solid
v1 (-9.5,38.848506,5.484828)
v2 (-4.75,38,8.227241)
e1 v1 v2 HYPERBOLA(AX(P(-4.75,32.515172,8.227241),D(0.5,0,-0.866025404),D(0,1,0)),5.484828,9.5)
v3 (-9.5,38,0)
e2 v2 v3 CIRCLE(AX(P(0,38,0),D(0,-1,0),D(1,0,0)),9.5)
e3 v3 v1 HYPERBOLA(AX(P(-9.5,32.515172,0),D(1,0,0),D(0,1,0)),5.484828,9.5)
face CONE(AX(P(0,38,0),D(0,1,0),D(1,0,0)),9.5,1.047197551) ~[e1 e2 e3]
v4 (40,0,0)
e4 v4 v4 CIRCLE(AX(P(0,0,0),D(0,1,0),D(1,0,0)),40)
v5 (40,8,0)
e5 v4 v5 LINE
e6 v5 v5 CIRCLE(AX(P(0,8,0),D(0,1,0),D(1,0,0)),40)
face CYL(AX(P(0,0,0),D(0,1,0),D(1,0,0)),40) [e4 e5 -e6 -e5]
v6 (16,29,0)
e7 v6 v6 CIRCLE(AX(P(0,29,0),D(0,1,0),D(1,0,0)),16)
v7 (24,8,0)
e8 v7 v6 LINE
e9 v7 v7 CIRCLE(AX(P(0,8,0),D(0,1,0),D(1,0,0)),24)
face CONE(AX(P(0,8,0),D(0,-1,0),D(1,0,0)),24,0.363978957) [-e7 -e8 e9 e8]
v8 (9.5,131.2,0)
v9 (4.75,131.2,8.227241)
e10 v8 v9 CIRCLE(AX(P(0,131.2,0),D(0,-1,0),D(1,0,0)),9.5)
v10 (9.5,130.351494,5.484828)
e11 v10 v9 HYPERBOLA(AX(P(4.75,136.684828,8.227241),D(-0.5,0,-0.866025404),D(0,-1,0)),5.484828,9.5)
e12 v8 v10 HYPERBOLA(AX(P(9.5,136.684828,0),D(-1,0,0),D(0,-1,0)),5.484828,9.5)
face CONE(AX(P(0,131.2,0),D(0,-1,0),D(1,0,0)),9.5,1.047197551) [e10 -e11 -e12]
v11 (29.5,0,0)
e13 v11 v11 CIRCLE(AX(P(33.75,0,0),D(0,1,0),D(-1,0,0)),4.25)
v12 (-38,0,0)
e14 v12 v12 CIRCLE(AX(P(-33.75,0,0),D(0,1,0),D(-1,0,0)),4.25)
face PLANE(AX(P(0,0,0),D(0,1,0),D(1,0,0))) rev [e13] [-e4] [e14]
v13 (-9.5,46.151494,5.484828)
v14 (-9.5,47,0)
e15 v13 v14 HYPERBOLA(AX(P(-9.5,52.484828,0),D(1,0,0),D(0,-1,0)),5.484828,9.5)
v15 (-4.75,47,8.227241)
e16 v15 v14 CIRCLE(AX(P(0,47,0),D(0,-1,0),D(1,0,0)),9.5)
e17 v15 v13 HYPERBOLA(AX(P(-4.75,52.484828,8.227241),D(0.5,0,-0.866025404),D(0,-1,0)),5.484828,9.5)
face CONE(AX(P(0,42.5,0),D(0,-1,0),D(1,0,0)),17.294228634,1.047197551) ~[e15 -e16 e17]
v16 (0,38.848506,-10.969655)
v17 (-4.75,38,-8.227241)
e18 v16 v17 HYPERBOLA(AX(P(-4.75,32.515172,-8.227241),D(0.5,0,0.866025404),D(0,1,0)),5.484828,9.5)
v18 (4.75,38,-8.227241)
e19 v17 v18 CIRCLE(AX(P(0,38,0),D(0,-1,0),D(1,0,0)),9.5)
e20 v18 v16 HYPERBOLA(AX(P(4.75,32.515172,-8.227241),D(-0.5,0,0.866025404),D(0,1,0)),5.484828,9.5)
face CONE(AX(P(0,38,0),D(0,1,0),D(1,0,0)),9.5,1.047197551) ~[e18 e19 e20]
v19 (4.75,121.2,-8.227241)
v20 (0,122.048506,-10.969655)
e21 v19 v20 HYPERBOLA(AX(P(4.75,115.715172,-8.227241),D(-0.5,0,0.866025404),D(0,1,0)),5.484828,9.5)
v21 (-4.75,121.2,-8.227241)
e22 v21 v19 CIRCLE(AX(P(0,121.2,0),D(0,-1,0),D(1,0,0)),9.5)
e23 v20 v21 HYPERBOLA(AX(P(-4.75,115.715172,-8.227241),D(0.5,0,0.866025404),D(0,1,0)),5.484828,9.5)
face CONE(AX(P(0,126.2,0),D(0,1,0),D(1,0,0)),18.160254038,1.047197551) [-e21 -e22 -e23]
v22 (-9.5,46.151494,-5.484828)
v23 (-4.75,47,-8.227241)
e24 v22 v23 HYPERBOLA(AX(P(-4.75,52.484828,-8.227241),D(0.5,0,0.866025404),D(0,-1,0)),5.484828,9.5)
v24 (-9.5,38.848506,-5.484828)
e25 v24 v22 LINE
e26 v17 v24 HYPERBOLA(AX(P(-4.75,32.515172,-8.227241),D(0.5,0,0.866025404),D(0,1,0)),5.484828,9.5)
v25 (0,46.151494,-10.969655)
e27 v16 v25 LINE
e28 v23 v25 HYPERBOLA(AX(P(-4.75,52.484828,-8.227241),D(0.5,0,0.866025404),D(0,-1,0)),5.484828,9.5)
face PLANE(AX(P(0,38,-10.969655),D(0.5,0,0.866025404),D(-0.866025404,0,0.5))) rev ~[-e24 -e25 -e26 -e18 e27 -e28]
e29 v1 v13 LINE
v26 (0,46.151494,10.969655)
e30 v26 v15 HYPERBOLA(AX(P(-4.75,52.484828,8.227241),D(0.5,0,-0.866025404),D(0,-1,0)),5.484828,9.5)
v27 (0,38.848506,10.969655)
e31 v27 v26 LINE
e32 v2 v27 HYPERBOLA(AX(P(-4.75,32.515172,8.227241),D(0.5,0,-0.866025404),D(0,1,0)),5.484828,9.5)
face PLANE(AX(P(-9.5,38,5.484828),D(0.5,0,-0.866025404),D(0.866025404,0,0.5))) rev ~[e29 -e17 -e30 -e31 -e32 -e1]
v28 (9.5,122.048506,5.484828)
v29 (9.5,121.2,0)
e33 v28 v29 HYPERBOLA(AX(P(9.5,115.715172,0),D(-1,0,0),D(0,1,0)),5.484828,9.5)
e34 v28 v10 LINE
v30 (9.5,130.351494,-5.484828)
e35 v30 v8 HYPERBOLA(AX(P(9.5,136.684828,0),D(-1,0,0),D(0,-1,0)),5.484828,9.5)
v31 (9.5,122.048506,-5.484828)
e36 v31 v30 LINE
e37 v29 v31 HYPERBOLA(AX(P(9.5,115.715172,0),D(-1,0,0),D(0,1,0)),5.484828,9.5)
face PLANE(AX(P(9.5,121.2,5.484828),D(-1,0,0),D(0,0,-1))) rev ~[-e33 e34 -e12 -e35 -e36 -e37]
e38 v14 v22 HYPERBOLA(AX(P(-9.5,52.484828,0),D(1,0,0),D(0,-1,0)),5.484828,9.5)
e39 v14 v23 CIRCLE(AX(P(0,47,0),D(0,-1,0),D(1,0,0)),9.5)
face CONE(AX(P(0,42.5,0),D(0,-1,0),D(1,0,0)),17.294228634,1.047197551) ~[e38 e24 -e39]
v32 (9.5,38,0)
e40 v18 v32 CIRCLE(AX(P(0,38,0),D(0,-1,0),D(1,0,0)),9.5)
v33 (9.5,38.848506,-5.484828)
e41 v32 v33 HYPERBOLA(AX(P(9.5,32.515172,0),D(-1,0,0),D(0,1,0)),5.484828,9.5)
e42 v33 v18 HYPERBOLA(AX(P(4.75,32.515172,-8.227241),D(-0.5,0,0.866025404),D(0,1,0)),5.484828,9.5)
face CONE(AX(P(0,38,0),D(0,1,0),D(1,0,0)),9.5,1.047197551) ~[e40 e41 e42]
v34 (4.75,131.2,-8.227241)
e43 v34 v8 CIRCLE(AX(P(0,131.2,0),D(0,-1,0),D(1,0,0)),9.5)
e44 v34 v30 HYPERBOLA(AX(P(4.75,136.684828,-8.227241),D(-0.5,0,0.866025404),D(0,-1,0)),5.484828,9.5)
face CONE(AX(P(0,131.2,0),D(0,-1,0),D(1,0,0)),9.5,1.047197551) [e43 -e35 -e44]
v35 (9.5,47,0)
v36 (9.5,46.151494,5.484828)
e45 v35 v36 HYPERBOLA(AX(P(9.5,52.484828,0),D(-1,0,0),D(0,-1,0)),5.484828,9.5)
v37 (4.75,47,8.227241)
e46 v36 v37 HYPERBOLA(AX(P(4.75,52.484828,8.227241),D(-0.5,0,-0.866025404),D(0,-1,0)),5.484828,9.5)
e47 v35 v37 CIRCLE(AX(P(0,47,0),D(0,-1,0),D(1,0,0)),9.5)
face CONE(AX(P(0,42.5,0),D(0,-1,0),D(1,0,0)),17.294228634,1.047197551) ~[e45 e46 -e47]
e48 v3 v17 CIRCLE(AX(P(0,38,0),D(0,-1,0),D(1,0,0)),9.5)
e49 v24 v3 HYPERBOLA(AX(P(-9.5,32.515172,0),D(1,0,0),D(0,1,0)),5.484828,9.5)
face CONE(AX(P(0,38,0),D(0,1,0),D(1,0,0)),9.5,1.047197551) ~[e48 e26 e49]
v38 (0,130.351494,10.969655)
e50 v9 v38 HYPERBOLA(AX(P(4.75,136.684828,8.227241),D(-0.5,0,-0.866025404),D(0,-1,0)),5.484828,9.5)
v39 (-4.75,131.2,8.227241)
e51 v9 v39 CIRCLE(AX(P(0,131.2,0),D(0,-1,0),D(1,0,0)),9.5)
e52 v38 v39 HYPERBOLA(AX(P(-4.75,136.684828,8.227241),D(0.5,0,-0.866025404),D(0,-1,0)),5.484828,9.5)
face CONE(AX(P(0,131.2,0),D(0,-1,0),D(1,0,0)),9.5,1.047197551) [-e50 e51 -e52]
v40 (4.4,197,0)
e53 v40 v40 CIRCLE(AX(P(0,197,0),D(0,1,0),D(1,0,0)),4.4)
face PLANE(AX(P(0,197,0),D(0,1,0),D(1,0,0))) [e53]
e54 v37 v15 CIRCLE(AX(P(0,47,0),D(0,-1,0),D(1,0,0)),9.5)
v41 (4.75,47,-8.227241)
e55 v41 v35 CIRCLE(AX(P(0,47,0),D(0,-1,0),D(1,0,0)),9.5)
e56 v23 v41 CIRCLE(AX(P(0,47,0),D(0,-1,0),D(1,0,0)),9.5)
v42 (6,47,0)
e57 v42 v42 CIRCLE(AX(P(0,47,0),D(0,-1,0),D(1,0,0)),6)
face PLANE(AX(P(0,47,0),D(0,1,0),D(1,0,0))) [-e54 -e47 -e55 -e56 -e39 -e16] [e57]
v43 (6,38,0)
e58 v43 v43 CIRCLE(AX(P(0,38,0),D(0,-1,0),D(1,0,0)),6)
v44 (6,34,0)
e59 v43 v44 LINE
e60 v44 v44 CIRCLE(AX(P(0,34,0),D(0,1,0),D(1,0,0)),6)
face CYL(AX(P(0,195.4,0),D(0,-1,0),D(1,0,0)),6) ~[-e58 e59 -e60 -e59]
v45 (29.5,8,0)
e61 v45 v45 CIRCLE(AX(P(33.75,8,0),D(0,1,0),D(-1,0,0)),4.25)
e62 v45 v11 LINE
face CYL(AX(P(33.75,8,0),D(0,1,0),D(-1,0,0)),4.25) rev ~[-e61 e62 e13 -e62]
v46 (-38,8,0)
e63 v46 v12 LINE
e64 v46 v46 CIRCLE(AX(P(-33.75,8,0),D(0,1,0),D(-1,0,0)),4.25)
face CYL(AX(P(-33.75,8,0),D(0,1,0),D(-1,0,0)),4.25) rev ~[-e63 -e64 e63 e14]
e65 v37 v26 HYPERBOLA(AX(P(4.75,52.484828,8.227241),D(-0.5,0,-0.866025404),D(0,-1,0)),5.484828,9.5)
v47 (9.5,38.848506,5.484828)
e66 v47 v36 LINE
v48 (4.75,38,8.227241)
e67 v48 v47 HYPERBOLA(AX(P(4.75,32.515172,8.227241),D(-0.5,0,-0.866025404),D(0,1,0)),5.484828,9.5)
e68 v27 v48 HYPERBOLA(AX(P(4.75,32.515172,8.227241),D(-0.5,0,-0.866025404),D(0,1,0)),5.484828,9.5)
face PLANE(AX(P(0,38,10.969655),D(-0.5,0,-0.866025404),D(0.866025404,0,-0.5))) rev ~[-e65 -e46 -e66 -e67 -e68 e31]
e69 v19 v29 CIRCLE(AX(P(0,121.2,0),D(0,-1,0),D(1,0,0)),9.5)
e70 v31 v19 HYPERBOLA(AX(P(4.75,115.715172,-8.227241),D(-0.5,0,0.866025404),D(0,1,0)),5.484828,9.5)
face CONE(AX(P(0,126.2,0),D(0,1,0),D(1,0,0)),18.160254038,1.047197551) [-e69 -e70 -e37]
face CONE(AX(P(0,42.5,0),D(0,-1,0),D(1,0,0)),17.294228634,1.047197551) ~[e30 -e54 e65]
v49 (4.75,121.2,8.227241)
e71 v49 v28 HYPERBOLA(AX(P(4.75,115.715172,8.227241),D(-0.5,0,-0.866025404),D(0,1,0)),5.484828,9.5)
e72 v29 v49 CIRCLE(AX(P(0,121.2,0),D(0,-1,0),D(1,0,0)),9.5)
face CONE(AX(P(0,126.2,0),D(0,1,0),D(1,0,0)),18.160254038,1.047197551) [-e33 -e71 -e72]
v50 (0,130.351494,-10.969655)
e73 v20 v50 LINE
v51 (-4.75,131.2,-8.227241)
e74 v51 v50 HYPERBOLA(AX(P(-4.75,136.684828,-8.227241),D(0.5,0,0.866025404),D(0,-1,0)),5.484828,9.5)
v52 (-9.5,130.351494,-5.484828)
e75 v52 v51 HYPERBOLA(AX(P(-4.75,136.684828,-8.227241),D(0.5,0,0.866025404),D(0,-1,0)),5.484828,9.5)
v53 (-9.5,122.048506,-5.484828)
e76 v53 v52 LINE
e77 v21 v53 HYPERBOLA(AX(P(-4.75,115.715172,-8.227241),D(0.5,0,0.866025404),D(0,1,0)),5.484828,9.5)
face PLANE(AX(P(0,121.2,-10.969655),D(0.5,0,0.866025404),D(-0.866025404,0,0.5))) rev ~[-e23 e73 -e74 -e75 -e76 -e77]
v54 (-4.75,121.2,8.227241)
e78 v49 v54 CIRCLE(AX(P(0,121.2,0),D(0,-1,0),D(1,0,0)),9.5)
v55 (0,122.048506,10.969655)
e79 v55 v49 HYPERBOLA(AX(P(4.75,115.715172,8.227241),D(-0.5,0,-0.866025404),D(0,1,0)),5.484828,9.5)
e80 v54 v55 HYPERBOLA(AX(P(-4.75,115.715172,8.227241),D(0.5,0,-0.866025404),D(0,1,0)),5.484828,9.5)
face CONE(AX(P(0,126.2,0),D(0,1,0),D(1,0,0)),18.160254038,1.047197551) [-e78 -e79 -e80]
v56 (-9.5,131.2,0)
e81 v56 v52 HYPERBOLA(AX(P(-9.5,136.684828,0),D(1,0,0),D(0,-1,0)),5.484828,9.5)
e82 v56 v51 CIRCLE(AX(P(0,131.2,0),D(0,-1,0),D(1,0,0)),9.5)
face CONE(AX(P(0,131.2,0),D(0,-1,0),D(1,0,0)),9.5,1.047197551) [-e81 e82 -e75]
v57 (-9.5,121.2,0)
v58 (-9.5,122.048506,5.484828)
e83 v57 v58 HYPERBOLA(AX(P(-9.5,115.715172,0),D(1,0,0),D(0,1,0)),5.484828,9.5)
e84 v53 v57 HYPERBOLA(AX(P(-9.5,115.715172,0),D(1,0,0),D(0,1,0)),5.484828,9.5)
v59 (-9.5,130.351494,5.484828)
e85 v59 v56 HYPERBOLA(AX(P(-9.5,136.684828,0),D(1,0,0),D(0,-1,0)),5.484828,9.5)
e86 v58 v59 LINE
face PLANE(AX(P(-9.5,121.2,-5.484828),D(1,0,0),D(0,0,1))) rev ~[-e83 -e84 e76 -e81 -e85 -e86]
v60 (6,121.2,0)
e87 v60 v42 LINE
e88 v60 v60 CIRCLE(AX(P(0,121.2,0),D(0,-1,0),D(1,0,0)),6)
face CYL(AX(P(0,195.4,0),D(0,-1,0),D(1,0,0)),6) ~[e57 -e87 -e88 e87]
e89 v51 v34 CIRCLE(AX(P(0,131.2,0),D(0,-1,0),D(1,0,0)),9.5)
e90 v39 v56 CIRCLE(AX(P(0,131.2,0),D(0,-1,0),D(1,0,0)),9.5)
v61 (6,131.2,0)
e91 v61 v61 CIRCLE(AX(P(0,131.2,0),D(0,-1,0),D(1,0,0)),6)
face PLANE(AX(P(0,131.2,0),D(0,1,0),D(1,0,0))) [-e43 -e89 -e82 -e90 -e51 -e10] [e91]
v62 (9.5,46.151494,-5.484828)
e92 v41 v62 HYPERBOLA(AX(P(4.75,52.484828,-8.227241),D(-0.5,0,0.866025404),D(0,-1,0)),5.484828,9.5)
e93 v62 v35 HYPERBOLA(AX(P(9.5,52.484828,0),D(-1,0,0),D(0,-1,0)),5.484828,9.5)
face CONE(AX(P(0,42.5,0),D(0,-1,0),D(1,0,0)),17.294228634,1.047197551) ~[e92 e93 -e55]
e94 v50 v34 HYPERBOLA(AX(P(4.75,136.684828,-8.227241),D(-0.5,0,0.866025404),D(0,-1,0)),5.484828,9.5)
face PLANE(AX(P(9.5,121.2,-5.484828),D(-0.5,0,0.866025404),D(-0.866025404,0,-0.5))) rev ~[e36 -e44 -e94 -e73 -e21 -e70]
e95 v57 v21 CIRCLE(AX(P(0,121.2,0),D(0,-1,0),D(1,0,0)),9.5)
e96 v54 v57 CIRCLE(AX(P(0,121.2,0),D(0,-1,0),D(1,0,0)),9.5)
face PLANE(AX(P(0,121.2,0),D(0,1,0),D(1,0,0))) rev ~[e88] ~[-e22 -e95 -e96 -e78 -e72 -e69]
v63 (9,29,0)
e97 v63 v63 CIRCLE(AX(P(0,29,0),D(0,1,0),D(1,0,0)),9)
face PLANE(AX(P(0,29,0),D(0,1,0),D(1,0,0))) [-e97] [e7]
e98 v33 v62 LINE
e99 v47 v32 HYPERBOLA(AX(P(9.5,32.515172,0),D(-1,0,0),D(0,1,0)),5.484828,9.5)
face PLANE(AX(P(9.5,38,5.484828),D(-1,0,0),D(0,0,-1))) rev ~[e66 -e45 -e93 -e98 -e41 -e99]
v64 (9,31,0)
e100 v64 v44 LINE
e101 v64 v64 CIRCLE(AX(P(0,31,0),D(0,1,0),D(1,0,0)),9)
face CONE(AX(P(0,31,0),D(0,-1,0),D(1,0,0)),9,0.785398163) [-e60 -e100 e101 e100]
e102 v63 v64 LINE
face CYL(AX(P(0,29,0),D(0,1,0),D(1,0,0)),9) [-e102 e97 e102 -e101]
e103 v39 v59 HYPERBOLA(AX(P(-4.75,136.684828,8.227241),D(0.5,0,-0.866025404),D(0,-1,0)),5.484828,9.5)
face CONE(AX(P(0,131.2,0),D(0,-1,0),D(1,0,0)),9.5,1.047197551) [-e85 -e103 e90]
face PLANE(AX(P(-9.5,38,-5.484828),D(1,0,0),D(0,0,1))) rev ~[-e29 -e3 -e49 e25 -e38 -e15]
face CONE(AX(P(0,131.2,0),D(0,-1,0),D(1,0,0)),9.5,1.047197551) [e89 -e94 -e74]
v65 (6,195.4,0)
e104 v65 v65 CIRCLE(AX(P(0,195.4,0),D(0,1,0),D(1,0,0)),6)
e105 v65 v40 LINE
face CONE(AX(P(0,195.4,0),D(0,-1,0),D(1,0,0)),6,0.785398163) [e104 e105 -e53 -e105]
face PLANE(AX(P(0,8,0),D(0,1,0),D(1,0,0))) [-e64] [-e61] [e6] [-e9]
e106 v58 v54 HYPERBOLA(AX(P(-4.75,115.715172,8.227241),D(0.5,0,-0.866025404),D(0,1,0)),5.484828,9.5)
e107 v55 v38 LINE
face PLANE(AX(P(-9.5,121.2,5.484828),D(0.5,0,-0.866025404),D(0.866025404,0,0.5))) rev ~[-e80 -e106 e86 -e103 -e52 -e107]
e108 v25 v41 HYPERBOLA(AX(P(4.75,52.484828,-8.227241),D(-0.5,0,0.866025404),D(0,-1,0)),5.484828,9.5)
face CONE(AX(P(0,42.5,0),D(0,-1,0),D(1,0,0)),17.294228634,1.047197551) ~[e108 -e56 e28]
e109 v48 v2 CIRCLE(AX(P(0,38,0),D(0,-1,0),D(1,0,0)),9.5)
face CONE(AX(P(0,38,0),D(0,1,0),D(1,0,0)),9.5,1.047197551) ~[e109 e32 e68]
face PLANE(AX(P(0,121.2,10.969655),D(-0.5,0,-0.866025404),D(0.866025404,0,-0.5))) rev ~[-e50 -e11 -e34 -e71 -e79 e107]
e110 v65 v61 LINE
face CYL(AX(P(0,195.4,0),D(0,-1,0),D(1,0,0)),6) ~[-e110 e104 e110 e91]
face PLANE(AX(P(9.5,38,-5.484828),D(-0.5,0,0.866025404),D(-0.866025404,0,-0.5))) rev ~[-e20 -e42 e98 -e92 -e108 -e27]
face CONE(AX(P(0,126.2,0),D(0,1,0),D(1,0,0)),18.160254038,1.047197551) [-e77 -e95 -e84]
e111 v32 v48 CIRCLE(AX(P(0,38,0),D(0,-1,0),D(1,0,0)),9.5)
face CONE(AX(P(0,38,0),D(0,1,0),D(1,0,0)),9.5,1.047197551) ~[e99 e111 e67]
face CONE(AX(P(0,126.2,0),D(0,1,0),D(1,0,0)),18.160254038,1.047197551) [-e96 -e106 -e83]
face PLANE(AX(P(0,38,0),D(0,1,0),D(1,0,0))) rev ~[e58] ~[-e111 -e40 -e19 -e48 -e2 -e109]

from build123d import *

# Parameters (mm, degrees)
EXTRUDE_1_DEPTH     = 9
EXTRUDE_2_DEPTH     = 10
SKETCH_5_R          = 4.25
CUT_EXTRUDE_1_DEPTH = 9


with BuildPart() as part:
    # Эскиз1 → Повернуть1 (revolve)
    with BuildSketch(Plane.XY, mode=Mode.PRIVATE) as revolve_1_sk:
        Polygon((0, 0), (-40, 0), (-40, 8), (-24, 8), (-16, 29), (-9, 29), (-9, 31), (-6, 34), (-6, 38), (-6, 47), (-6, 195.4), (-4.4, 197), (0, 197), align=None)
    revolve(revolve_1_sk.sketch.rotate(Axis((0, 0, 0), (0, 1, 0)), 180), axis=Axis((0, 0, 0), (0, 1, 0)))  # turned: the seam where the file's is

    # Эскиз2 → Бобышка-Вытянуть1 (add)
    with BuildSketch(Plane(origin=(0, 38, 0), x_dir=(1, 0, 0), z_dir=(0, 1, 0))):
        Polygon((0, 10.969655115), (-9.5, 5.484827557), (-9.5, -5.484827557), (0, -10.969655115), (9.5, -5.484827557), (9.5, 5.484827557), align=None)
    extrude(amount=EXTRUDE_1_DEPTH)

    # Эскиз3 → Бобышка-Вытянуть2 (add)
    with BuildSketch(Plane(origin=(0, 121.2, 0), x_dir=(1, 0, 0), z_dir=(0, 1, 0))):
        Polygon((9.5, 5.484827557), (0, 10.969655115), (-9.5, 5.484827557), (-9.5, -5.484827557), (0, -10.969655115), (9.5, -5.484827557), align=None)
    extrude(amount=EXTRUDE_2_DEPTH)

    # Эскиз4 → Вырез-Повернуть2 (revolve, cut)
    with BuildSketch(Plane.XY, mode=Mode.PRIVATE) as cut_revolve_2_sk:
        Polygon((-18.160254038, 131.2), (-9.5, 131.2), (-18.160254038, 126.2), align=None)
        Polygon((-18.160254038, 121.2), (-18.160254038, 126.2), (-9.5, 121.2), align=None)
        Polygon((-17.294228634, 47), (-17.294228634, 42.5), (-9.5, 47), align=None)
        Polygon((-17.294228634, 42.5), (-17.294228634, 38), (-9.5, 38), align=None)
    revolve(cut_revolve_2_sk.sketch.rotate(Axis((0, 197, 0), (0, -1, 0)), 180), axis=Axis((0, 197, 0), (0, -1, 0)), mode=Mode.SUBTRACT)  # turned: the seam where the file's is

    # Эскиз5 → Вырез-Вытянуть1 (cut, through all)
    with BuildSketch(Plane(origin=(0, 8, 0), x_dir=(1, 0, 0), z_dir=(0, 1, 0))):
        with Locations(Location((-33.75, 0, 0), (0, 0, 180))):  # turned: the seam where the file's is
            Circle(SKETCH_5_R)
        with Locations(Location((33.75, 0, 0), (0, 0, 180))):  # turned: the seam where the file's is
            Circle(SKETCH_5_R)
    extrude(amount=-CUT_EXTRUDE_1_DEPTH, mode=Mode.SUBTRACT)


solid = part.part
